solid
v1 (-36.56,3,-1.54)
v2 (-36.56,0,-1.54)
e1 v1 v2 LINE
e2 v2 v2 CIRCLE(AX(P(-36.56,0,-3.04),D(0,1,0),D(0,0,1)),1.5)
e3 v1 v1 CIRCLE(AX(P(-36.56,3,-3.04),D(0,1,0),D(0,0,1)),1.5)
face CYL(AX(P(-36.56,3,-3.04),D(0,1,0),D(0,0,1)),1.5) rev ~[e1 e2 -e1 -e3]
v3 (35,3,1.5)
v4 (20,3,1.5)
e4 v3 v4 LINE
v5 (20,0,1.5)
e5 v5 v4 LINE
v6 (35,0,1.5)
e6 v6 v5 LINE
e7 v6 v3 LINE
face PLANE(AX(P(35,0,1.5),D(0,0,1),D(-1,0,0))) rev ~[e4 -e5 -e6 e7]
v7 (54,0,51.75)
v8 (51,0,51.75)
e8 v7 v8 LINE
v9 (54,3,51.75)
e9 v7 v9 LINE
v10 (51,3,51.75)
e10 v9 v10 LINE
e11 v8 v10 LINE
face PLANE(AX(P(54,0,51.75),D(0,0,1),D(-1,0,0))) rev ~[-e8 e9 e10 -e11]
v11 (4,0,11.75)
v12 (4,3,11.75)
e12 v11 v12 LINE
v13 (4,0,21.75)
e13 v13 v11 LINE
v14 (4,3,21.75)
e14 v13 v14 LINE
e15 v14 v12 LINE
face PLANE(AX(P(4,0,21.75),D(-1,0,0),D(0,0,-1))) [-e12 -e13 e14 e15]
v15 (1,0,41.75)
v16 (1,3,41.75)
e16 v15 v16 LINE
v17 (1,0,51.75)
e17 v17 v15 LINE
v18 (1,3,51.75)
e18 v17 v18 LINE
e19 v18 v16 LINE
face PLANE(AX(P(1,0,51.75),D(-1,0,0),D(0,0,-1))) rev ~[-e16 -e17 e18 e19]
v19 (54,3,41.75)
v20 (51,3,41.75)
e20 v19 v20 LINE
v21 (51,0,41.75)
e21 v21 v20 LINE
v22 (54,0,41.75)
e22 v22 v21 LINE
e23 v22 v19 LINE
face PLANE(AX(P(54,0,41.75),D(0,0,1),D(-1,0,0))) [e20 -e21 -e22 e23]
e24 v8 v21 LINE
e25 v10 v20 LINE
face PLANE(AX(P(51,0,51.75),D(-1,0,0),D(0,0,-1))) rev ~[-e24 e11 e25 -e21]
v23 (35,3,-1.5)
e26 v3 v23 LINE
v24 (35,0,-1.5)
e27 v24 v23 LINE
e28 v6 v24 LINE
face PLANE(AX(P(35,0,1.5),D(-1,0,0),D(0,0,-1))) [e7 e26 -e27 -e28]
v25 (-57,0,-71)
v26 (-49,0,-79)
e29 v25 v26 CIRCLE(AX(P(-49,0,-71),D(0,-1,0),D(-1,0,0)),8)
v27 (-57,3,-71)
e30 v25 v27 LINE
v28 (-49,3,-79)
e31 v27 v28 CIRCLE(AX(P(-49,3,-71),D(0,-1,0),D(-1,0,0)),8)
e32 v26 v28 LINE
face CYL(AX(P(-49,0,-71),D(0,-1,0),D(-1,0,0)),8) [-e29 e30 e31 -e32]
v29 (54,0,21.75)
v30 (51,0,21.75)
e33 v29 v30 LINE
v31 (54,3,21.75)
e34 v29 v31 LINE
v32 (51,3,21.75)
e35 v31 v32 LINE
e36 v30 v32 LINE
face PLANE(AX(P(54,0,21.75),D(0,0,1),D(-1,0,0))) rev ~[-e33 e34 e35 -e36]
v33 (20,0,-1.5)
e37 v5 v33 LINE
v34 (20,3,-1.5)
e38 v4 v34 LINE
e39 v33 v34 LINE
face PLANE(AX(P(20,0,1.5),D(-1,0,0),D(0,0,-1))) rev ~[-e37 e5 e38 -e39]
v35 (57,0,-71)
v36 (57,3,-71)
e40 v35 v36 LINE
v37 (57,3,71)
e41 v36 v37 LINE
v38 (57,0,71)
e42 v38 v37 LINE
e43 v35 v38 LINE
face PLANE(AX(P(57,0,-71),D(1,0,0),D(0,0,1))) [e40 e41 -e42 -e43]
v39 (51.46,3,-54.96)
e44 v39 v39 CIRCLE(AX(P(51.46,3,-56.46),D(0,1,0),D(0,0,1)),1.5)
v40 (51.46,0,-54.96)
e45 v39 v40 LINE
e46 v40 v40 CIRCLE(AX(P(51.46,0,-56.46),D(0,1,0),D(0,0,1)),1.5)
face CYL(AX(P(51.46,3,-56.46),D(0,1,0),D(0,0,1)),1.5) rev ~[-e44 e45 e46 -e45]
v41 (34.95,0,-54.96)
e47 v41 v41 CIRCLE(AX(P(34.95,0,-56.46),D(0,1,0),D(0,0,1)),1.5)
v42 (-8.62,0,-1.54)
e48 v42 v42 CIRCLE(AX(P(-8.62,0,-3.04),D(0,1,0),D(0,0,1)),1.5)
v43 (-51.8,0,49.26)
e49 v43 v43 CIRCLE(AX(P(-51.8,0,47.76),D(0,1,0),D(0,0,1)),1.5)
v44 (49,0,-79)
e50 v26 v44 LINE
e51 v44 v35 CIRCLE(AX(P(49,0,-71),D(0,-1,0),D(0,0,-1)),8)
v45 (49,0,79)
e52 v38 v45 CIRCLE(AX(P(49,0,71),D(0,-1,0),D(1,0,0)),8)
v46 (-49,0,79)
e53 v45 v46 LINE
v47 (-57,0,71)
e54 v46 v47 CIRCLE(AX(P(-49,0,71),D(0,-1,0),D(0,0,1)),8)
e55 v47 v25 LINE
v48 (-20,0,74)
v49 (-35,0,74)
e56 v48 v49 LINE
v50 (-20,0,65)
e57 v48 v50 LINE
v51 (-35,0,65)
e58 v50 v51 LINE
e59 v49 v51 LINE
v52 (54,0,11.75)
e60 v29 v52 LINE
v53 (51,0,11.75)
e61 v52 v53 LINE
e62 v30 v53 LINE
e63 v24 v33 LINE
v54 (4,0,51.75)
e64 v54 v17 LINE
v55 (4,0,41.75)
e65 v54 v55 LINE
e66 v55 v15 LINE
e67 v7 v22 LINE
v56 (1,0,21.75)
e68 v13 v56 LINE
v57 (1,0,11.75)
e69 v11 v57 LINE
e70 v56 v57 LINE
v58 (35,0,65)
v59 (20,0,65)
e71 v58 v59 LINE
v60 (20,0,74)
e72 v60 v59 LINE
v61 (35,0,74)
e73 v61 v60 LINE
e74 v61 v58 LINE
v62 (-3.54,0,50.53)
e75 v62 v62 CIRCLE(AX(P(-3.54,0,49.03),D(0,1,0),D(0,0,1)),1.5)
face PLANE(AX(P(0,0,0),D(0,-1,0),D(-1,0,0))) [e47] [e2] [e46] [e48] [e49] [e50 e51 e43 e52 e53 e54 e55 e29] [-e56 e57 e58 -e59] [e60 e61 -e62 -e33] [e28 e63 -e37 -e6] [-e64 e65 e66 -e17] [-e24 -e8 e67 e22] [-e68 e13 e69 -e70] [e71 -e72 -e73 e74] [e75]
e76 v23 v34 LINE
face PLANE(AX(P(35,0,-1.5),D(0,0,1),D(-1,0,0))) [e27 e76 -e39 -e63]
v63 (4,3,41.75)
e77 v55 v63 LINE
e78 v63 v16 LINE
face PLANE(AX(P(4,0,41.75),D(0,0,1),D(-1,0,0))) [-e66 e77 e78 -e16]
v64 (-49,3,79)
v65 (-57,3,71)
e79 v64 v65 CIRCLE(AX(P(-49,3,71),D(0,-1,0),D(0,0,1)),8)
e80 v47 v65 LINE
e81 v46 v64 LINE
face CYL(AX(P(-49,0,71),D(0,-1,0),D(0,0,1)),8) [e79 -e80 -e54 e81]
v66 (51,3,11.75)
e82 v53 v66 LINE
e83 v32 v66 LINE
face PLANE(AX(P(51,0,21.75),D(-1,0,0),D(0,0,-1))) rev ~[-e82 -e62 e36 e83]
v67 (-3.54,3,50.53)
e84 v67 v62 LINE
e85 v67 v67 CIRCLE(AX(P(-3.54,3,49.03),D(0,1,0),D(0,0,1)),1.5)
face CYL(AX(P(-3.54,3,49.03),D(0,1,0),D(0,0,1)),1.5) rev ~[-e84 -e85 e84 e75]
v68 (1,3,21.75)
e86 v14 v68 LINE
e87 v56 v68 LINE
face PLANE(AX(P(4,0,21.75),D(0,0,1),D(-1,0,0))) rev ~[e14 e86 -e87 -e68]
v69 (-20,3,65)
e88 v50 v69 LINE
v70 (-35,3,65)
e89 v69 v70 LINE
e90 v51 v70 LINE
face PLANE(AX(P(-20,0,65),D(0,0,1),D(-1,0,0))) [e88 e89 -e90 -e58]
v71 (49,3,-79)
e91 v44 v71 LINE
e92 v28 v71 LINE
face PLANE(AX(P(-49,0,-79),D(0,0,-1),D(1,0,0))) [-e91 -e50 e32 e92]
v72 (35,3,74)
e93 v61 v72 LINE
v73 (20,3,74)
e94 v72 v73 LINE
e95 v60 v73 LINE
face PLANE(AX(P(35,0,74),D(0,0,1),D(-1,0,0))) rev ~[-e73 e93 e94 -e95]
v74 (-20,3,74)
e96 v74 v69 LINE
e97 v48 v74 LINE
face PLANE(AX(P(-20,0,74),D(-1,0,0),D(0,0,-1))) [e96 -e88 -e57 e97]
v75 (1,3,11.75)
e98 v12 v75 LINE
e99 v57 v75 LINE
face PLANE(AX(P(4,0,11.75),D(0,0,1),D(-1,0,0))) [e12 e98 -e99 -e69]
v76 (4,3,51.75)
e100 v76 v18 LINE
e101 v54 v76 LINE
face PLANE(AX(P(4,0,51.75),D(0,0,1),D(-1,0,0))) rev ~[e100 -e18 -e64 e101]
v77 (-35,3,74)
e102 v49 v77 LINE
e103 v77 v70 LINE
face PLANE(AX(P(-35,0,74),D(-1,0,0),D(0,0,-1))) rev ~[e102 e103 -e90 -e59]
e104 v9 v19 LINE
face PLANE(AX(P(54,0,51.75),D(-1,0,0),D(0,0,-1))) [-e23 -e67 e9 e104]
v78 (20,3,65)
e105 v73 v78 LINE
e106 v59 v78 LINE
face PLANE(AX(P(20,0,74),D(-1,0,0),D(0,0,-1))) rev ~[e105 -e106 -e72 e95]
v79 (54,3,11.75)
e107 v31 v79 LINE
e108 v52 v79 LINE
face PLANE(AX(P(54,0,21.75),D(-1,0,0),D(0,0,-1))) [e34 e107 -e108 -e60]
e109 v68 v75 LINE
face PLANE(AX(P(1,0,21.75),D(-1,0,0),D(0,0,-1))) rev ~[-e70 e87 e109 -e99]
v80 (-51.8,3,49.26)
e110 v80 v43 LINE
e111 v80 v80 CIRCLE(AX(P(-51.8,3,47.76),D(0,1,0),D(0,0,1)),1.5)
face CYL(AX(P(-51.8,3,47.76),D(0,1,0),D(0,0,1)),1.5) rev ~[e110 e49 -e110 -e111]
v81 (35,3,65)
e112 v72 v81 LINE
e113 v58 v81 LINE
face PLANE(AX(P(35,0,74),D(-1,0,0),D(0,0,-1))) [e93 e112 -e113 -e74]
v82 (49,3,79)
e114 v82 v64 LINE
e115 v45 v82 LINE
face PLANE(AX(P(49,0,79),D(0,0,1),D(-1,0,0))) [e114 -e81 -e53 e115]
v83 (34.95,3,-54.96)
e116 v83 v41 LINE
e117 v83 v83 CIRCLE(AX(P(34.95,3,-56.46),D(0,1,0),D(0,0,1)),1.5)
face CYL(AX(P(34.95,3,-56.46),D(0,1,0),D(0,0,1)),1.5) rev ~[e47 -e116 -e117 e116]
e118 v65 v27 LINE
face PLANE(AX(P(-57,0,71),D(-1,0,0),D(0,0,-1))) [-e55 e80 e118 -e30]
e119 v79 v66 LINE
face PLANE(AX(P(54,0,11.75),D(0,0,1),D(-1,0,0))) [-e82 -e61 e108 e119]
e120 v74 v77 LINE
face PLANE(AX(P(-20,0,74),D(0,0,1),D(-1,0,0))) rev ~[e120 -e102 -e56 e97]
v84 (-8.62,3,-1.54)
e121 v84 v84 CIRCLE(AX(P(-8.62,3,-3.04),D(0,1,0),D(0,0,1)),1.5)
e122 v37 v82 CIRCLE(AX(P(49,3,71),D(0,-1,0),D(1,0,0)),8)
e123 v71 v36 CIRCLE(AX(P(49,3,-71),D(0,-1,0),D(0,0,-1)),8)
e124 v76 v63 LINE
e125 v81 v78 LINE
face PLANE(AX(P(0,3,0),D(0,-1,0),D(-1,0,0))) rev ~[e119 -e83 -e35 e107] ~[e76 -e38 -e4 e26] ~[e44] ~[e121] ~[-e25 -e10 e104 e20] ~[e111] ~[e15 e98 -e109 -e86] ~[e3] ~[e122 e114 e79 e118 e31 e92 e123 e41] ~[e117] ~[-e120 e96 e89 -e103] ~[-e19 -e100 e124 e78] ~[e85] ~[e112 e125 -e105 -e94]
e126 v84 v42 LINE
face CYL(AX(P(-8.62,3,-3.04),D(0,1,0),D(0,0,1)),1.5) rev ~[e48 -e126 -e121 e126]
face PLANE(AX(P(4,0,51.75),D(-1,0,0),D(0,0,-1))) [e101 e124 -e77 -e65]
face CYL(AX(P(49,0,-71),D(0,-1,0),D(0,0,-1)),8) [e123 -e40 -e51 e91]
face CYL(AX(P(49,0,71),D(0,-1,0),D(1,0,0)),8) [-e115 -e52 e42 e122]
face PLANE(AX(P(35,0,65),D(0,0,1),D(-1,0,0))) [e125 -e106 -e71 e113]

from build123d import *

# Parameters (mm, degrees)
BOSS_EXTRUDE1_DEPTH = 3
SKETCH2_R           = 1.5
CUT_EXTRUDE1_DEPTH  = 98.462813421
SKETCH3_W           = 15
SKETCH3_H           = 9
SKETCH3_W_2         = 3
SKETCH3_H_2         = 10
SKETCH3_H_3         = 3
CUT_EXTRUDE2_DEPTH  = 98.462813421


with BuildPart() as part:
    # Sketch1 → Boss-Extrude1 (new body)
    with BuildSketch(Plane(origin=(0, 0, 0), x_dir=(1, 0, 0), z_dir=(0, 1, 0))):
        with BuildLine():
            Line((-49, 79), (49, 79))
            ThreePointArc((49, 79), (54.656854249, 76.656854249), (57, 71))
            Line((57, 71), (57, -71))
            ThreePointArc((57, -71), (54.656854249, -76.656854249), (49, -79))
            Line((49, -79), (-49, -79))
            ThreePointArc((-49, -79), (-54.656854249, -76.656854249), (-57, -71))
            Line((-57, -71), (-57, 71))
            ThreePointArc((-57, 71), (-54.656854249, 76.656854249), (-49, 79))
        make_face()
    extrude(amount=BOSS_EXTRUDE1_DEPTH)

    # Sketch2 → Cut-Extrude1 (cut, through all)
    with BuildSketch(Plane(origin=(0, 3, 0), x_dir=(1, 0, 0), z_dir=(0, 1, 0))):
        with Locations(Location((-36.56, 3.04, 0), (0, 0, 270))):
            Circle(SKETCH2_R)
        with Locations(Location((-8.62, 3.04, 0), (0, 0, 270))):
            Circle(SKETCH2_R)
        with Locations(Location((-51.8, -47.76, 0), (0, 0, 270))):
            Circle(SKETCH2_R)
        with Locations(Location((-3.54, -49.03, 0), (0, 0, 270))):
            Circle(SKETCH2_R)
        with Locations(Location((34.95, 56.46, 0), (0, 0, 270))):
            Circle(SKETCH2_R)
        with Locations(Location((51.46, 56.46, 0), (0, 0, 270))):
            Circle(SKETCH2_R)
    extrude(amount=-CUT_EXTRUDE1_DEPTH, mode=Mode.SUBTRACT)

    # Sketch3 → Cut-Extrude2 (cut, through all)
    with BuildSketch(Plane(origin=(0, 0, 0), x_dir=(-1, 0, 0), z_dir=(0, -1, 0))):
        with Locations((27.5, -69.5)):
            Rectangle(SKETCH3_W, SKETCH3_H)
        with Locations((-27.5, -69.5)):
            Rectangle(SKETCH3_W, SKETCH3_H)
        with Locations((-2.5, -46.75)):
            Rectangle(SKETCH3_W_2, SKETCH3_H_2)
        with Locations((-2.5, -16.75)):
            Rectangle(SKETCH3_W_2, SKETCH3_H_2)
        with Locations((-27.5, 0)):
            Rectangle(SKETCH3_W, SKETCH3_H_3)
        with Locations((-52.5, -16.75)):
            Rectangle(SKETCH3_W_2, SKETCH3_H_2)
        with Locations((-52.5, -46.75)):
            Rectangle(SKETCH3_W_2, SKETCH3_H_2)
    extrude(amount=-CUT_EXTRUDE2_DEPTH, mode=Mode.SUBTRACT)


solid = part.part
